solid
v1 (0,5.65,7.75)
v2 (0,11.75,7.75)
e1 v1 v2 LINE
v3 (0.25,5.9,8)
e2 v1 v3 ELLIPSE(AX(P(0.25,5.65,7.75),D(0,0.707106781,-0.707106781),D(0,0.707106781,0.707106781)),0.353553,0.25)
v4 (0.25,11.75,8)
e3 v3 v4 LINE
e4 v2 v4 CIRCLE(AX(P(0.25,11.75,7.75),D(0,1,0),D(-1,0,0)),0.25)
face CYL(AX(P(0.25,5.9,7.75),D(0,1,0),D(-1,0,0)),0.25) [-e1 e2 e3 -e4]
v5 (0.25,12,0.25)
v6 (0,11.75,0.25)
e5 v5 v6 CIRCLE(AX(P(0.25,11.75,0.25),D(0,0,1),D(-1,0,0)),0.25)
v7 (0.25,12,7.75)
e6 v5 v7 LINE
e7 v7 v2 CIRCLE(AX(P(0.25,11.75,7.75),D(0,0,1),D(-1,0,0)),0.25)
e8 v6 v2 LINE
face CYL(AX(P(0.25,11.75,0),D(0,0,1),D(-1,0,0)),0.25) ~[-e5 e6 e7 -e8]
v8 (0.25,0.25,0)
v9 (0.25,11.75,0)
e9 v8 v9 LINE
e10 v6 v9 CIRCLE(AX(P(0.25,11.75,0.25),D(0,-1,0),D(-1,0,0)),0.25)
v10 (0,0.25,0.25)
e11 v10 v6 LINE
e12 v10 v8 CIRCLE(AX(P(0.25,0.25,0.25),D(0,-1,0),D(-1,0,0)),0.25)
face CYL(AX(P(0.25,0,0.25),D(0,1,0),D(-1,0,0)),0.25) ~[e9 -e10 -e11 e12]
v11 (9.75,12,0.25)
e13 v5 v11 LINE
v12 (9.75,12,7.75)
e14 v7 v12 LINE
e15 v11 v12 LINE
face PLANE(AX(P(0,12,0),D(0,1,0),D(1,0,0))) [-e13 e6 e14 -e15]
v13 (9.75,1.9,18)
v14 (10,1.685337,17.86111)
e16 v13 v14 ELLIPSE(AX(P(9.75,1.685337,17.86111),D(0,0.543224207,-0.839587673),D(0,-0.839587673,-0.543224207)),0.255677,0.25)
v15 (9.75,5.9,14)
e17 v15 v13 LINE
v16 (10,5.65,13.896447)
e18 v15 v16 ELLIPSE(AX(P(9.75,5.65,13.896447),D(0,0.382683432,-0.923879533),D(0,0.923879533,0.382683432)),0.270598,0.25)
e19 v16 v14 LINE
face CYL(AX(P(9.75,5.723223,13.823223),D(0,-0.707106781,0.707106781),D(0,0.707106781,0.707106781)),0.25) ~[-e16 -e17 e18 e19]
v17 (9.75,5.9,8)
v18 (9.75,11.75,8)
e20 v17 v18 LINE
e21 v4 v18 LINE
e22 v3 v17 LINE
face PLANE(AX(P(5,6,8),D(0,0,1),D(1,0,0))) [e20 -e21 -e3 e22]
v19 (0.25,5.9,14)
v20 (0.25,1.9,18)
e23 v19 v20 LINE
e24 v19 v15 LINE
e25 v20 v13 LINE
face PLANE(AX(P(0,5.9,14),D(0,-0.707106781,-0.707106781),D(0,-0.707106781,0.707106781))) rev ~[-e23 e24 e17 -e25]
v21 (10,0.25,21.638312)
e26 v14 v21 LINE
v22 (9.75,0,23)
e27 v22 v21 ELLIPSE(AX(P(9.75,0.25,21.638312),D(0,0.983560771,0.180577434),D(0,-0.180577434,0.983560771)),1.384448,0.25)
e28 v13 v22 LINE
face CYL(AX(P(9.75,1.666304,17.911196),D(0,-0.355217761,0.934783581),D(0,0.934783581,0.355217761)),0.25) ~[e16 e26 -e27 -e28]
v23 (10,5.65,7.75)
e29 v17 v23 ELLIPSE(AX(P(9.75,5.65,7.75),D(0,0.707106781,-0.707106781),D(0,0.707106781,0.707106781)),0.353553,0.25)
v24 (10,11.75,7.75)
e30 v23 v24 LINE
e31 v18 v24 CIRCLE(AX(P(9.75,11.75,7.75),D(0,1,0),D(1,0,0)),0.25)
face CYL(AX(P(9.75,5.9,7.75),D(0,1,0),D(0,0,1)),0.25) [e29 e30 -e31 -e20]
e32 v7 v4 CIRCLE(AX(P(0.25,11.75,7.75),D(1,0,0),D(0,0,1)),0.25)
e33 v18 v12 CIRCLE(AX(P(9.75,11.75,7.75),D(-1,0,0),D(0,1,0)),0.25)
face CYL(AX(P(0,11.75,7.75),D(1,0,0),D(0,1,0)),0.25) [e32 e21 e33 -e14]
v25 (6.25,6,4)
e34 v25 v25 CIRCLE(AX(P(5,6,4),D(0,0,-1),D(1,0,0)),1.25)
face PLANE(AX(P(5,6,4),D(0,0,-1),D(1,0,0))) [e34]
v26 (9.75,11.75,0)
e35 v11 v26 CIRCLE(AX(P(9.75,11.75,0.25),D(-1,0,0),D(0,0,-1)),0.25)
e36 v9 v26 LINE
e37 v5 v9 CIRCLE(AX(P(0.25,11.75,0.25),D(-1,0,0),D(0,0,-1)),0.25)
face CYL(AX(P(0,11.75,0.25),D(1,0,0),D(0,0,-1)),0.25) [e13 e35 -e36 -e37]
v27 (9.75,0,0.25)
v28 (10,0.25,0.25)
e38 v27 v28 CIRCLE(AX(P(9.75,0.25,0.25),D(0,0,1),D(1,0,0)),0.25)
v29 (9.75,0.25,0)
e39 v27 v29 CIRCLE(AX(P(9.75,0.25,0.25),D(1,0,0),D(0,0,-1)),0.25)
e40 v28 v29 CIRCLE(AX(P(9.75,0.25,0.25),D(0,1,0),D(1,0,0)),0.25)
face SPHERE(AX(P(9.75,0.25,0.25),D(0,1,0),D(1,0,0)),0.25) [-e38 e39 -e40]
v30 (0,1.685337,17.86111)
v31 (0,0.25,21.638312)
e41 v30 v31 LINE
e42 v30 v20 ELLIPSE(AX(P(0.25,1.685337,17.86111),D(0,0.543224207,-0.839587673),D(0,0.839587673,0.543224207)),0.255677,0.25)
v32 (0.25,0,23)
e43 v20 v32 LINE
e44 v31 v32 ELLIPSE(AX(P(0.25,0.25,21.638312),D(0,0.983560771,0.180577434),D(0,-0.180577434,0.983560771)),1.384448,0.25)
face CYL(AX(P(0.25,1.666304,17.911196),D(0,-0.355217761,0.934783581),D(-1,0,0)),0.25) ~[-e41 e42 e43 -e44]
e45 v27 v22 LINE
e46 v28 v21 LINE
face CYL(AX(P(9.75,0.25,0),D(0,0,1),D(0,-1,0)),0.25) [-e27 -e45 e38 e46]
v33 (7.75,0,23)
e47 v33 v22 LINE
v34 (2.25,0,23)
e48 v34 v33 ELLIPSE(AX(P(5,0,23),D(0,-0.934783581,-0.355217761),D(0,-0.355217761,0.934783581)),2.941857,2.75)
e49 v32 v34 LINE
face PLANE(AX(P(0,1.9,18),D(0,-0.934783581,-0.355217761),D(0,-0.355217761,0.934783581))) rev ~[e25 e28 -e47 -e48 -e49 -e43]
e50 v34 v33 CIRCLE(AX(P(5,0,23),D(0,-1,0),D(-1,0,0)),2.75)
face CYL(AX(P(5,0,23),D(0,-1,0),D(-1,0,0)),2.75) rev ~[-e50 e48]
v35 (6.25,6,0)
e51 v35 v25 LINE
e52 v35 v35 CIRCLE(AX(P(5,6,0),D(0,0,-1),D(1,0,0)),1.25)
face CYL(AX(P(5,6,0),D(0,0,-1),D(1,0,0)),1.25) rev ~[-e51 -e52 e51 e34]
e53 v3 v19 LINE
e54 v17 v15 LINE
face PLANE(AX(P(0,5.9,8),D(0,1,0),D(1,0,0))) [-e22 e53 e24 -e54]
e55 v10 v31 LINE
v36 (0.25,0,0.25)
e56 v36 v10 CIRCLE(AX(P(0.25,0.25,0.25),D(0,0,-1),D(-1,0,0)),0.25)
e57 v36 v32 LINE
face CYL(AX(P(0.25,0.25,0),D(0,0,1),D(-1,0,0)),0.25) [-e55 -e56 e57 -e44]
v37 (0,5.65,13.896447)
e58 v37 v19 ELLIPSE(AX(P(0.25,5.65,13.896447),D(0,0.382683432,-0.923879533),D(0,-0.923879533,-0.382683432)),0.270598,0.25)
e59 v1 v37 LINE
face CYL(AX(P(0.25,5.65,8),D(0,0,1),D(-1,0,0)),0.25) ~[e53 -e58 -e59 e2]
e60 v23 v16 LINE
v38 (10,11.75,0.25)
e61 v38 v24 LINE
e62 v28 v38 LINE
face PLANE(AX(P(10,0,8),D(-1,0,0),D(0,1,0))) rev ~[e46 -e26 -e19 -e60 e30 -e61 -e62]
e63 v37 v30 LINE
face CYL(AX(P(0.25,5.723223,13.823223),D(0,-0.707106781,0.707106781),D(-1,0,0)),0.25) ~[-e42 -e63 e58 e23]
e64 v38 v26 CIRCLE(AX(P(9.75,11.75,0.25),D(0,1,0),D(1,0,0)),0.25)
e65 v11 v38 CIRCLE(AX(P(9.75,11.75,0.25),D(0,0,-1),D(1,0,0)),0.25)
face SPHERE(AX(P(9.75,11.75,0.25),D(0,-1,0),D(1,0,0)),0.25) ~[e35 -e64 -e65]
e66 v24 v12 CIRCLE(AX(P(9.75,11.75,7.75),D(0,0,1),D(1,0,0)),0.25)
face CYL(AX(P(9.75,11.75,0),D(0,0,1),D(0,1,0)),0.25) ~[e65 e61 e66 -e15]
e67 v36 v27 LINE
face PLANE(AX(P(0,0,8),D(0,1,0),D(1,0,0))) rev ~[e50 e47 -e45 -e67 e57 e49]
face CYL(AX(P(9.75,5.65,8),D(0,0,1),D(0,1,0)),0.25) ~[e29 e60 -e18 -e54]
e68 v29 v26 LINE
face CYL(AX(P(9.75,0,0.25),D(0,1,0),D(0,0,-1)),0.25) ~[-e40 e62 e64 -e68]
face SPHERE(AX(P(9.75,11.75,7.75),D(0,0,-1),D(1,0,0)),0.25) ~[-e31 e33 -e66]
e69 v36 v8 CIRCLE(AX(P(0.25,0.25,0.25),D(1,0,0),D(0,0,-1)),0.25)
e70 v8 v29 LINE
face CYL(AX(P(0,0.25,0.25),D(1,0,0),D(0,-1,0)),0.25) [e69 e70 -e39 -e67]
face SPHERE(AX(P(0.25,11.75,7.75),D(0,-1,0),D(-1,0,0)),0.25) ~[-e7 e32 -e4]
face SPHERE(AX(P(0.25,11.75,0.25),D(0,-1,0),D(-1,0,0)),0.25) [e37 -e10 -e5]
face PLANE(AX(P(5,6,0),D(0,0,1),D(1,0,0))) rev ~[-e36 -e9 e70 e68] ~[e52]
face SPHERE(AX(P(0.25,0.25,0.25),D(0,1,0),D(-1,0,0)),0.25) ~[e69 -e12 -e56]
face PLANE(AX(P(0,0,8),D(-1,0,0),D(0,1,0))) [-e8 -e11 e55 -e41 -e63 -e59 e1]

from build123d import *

# Parameters (mm, degrees)
F0_W      = 10
F0_H      = 12
F1_DEPTH  = 8
F2_W      = 10
F2_H      = 5.9
F3_DEPTH  = 15
F4_W      = 4
F4_H      = 5
F5_DEPTH  = 10
F7_DEPTH  = 25
F8_R      = 0.25
F9_R      = 1.25
F10_DEPTH = 4


with BuildPart() as f1:
    # F0 (on Top) → F1 (new body)
    with BuildSketch(Plane.XY):
        with Locations((5, 6)):
            Rectangle(F0_W, F0_H)
    extrude(amount=F1_DEPTH)

    # F2 (on face) → F3 (join)
    with BuildSketch(Plane.XY.offset(8)):
        with Locations((5, 2.95)):
            Rectangle(F2_W, F2_H)
    extrude(amount=F3_DEPTH)

    # F4 (on face) → F5 (cut, through all)
    with BuildSketch(Plane(origin=(0, 0, 0), x_dir=(0, -1, 0), z_dir=(-1, 0, 0))):
        Polygon((-1.9, 18), (-5.9, 18), (-5.9, 14), align=None)
        with Locations((-3.9, 20.5)):
            Rectangle(F4_W, F4_H)
        Polygon((-1.9, 23), (-1.9, 18), (0, 23), align=None)
    extrude(amount=-F5_DEPTH, mode=Mode.SUBTRACT)

    # F6 (on face) → F7 (cut)
    with BuildSketch(Plane.XZ):
        with BuildLine():
            ThreePointArc((2.25, 23), (5, 20.25), (7.75, 23))
            Line((7.75, 23), (2.25, 23))
        make_face()
    extrude(amount=-F7_DEPTH, mode=Mode.SUBTRACT)

    # F8
    f8_edges = [f1.edges().sort_by_distance(p)[0] for p in [
        (10, 6, 0),
        (10, 12, 4),
        (10, 8.95, 8),
        (10, 5.9, 11),
        (10, 3.9, 16),
        (10, 0.95, 20.5),
        (10, 0, 11.5),
        (0, 6, 0),
        (0, 0, 11.5),
        (0, 0.95, 20.5),
        (0, 3.9, 16),
        (0, 5.9, 11),
        (0, 8.95, 8),
        (0, 12, 4),
        (5, 12, 0),
        (5, 12, 8),
        (5, 0, 0),
    ]]
    fillet(f8_edges, radius=F8_R)

    # F9 (on face) → F10 (cut)
    with BuildSketch(Plane(origin=(0, 0, 0), x_dir=(1, 0, 0), z_dir=(0, 0, -1))):
        with Locations((5, -6)):
            Circle(F9_R)
    extrude(amount=-F10_DEPTH, mode=Mode.SUBTRACT)


solid = f1.part
